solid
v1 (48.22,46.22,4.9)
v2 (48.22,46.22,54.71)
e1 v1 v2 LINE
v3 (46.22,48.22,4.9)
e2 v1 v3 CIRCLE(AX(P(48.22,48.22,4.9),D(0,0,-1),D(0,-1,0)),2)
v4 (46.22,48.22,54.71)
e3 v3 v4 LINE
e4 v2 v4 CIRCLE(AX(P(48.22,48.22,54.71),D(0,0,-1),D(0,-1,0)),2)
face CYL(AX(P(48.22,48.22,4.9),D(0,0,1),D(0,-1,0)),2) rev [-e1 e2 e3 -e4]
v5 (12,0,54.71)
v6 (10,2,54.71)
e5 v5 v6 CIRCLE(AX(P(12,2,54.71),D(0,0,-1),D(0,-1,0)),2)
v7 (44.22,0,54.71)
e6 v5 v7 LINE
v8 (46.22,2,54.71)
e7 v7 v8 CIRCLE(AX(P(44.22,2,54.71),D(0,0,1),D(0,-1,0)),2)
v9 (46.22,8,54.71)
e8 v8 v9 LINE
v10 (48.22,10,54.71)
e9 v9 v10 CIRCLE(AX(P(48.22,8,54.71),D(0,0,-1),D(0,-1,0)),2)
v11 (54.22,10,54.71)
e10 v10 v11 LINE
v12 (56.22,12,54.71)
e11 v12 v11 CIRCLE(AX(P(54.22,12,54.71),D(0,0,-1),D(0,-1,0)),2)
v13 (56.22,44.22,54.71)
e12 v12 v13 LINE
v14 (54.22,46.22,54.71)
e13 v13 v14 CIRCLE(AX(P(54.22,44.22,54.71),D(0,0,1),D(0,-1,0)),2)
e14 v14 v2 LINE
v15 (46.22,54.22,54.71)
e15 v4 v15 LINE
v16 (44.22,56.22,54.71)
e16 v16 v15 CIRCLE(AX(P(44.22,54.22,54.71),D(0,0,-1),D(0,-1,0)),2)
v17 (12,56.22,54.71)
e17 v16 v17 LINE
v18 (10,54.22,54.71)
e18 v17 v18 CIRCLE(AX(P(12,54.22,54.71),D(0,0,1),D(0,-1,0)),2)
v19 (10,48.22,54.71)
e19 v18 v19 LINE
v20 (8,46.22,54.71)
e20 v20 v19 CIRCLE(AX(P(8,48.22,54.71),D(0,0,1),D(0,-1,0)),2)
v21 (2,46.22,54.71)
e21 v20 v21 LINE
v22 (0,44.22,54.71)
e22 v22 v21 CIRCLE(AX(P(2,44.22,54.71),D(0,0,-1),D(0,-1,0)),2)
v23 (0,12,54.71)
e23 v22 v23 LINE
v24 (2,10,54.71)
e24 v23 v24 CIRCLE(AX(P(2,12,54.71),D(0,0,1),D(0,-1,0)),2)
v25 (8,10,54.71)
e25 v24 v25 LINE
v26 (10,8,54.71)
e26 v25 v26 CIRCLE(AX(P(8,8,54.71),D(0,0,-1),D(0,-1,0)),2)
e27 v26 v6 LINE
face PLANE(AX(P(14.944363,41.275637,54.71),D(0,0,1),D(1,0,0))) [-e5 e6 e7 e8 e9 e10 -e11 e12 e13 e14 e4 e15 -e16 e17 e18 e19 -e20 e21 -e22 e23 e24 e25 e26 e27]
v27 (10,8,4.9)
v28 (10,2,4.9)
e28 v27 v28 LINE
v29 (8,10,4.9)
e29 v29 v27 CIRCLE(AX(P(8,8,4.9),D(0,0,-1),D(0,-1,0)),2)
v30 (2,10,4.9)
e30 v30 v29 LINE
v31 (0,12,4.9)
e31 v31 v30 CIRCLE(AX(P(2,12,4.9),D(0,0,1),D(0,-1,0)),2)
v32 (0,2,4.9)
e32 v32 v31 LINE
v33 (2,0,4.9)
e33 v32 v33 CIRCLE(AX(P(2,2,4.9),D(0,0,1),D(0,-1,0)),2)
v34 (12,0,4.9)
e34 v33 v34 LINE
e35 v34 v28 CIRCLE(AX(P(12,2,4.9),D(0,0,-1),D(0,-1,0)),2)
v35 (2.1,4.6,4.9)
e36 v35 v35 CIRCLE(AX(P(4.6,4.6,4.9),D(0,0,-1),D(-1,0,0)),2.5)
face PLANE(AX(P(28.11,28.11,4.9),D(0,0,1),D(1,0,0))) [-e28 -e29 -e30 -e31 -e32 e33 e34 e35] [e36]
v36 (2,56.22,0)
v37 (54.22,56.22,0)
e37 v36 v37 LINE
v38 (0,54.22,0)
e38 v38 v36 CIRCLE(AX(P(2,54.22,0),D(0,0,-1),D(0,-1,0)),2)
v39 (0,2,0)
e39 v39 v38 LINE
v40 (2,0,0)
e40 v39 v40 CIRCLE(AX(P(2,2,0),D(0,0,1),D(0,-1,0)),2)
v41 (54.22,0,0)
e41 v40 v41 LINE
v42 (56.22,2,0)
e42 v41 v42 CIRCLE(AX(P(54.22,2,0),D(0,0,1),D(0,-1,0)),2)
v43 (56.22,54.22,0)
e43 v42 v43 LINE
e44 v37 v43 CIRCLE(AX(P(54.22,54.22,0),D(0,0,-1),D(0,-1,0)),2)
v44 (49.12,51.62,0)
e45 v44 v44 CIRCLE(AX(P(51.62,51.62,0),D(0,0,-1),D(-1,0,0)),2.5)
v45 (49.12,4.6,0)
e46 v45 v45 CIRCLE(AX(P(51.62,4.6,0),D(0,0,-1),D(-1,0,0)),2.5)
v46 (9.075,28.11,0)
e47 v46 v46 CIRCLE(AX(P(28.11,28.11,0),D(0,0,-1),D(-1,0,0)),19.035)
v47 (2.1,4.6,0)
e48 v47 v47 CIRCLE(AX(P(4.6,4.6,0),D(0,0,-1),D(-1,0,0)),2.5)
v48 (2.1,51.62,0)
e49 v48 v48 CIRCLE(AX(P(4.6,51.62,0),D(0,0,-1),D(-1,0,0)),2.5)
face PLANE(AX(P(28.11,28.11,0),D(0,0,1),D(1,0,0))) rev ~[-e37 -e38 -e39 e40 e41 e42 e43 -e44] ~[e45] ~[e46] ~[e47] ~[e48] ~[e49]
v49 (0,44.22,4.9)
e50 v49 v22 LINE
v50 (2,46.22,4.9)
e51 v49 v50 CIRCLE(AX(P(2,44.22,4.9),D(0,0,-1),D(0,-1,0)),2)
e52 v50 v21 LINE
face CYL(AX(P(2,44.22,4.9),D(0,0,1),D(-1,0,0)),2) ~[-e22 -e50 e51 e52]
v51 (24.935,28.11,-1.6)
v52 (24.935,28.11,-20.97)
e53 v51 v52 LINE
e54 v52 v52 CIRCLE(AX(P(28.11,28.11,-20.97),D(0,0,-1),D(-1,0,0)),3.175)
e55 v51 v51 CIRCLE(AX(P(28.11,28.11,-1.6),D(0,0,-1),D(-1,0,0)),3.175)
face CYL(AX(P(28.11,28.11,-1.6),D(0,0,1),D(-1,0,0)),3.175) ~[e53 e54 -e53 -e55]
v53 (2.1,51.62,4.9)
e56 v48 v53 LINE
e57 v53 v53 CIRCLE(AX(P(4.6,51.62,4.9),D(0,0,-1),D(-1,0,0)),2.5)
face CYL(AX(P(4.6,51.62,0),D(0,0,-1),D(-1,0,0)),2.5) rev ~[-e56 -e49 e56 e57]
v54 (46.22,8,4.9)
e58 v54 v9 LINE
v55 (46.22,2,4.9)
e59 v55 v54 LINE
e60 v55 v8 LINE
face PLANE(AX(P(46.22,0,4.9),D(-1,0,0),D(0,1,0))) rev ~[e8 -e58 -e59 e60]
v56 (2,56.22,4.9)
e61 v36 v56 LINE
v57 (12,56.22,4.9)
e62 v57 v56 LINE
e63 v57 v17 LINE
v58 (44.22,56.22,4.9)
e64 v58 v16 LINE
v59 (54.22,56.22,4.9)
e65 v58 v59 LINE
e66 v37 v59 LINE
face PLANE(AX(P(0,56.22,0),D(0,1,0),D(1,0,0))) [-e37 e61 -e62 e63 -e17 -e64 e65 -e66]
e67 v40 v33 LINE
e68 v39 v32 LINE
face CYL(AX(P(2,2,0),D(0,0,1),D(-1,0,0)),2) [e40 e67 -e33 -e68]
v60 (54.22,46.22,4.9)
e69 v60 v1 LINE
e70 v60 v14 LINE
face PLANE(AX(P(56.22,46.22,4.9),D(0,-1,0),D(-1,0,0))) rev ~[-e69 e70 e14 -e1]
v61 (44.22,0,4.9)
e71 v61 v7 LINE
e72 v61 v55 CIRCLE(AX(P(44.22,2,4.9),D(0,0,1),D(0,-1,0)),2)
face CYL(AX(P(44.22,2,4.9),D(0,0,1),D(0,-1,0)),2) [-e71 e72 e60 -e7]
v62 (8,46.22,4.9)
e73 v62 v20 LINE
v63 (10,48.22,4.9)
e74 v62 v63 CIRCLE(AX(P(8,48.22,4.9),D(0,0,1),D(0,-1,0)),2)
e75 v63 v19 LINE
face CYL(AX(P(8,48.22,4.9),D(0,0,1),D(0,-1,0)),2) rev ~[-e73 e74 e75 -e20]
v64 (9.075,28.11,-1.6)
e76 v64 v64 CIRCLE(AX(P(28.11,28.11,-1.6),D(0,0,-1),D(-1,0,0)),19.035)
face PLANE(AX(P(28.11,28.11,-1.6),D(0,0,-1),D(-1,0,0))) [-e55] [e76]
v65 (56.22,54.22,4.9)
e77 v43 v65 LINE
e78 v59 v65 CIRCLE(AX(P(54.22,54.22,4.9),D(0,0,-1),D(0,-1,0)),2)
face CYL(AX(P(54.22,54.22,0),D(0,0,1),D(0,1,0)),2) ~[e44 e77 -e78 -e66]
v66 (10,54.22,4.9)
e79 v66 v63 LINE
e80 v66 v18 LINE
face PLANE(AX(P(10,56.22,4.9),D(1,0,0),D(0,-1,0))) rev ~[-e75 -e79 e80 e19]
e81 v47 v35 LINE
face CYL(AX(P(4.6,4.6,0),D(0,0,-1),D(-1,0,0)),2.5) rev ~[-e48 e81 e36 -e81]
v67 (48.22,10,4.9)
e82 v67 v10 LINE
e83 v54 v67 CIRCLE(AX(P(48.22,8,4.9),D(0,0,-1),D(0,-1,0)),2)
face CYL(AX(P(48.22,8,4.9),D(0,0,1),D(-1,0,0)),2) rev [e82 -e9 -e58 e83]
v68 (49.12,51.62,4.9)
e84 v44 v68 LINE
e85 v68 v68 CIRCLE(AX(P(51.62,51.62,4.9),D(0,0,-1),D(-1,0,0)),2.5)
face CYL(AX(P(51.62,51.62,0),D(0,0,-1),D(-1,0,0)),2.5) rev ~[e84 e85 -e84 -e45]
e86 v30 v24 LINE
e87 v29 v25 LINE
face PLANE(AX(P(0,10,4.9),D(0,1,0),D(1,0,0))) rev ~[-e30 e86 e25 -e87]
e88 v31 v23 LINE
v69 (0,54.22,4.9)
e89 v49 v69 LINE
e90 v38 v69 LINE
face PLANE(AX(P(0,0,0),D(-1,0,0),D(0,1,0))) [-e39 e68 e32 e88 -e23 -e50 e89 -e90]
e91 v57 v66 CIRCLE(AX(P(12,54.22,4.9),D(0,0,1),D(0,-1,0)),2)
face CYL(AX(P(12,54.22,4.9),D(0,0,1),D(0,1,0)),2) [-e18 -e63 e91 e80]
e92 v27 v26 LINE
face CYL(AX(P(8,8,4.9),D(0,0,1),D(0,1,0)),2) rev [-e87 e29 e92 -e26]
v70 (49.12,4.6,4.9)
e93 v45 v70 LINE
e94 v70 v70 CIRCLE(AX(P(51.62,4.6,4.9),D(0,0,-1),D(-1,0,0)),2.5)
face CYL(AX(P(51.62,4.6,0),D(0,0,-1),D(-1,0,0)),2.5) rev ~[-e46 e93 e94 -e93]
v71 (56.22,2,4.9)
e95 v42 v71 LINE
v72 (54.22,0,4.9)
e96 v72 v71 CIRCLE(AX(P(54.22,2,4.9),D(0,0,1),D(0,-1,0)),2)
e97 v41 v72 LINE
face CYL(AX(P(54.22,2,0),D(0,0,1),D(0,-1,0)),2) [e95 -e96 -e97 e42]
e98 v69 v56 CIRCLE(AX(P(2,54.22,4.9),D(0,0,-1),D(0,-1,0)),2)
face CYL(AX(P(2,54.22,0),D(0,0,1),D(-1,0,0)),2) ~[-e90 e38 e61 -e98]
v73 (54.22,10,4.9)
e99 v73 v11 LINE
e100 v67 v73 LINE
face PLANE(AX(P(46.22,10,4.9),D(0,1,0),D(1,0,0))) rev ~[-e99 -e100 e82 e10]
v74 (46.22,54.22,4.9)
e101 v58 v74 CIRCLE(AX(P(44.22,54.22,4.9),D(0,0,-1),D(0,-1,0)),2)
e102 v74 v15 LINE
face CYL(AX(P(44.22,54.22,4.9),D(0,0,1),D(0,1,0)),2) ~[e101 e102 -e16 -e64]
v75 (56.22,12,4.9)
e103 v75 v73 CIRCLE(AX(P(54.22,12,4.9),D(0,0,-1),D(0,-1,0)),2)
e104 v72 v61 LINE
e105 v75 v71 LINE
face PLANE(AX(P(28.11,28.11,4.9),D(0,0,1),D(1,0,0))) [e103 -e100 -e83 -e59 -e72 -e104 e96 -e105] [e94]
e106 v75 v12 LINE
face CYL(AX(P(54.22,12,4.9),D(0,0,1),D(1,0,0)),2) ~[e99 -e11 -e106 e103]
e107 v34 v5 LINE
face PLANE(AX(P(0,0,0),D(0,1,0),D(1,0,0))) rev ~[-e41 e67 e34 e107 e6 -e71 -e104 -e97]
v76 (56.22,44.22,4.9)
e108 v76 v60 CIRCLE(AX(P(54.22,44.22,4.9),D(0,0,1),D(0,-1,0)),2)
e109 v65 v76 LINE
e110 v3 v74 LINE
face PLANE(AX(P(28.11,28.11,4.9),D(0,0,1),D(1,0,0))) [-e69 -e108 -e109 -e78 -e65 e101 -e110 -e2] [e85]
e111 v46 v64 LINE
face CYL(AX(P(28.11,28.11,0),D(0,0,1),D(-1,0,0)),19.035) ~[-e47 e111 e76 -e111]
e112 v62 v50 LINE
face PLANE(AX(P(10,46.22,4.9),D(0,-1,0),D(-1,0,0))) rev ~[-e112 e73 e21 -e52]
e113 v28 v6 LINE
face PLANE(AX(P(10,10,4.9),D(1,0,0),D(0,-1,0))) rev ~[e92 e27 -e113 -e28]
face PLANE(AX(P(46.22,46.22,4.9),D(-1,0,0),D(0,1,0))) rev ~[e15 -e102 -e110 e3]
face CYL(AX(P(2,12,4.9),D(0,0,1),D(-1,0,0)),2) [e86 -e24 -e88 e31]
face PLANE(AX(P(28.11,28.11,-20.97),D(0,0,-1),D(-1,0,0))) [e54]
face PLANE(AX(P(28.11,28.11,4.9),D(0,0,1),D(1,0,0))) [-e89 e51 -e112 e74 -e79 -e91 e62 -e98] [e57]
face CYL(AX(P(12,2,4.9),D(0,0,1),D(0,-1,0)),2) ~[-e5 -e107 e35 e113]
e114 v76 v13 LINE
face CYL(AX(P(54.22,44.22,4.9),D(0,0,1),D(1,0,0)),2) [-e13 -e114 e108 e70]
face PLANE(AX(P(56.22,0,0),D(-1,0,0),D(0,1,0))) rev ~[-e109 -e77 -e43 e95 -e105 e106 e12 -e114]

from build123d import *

# Parameters (mm, degrees)
SKETCH1_W           = 56.22
SKETCH1_H           = 56.22
BOSS_EXTRUDE1_DEPTH = 4.9
SKETCH2_R           = 2.5
CUT_EXTRUDE1_DEPTH  = 5.9
FILLET1_R           = 2
BOSS_EXTRUDE2_DEPTH = 49.81
FILLET2_R           = 2
SKETCH5_R           = 19.035
BOSS_EXTRUDE3_DEPTH = 1.6
SKETCH6_R           = 3.175
BOSS_EXTRUDE4_DEPTH = 19.37


with BuildPart() as part:
    # Sketch1 → Boss-Extrude1 (new body)
    with BuildSketch(Plane.XY):
        with Locations((28.11, 28.11)):
            Rectangle(SKETCH1_W, SKETCH1_H)
    extrude(amount=BOSS_EXTRUDE1_DEPTH)

    # Sketch2 → Cut-Extrude1 (cut, through all)
    with BuildSketch(Plane(origin=(0, 0, 0), x_dir=(-1, 0, 0), z_dir=(0, 0, -1))):
        with Locations((-4.6, 51.62)):
            Circle(SKETCH2_R)
        with Locations((-51.62, 51.62)):
            Circle(SKETCH2_R)
        with Locations((-51.62, 4.6)):
            Circle(SKETCH2_R)
        with Locations((-4.6, 4.6)):
            Circle(SKETCH2_R)
    extrude(amount=-CUT_EXTRUDE1_DEPTH, mode=Mode.SUBTRACT)

    # Fillet1
    fillet1_edges = [part.edges().sort_by_distance(p)[0] for p in [
        (0, 56.22, 2.45),
        (56.22, 56.22, 2.45),
        (56.22, 0, 2.45),
        (0, 0, 2.45),
    ]]
    fillet(fillet1_edges, radius=FILLET1_R)

    # Sketch4 → Boss-Extrude2 (add)
    with BuildSketch(Plane.XY.offset(4.9)):
        Polygon((0, 46.22), (0, 28.11), (28.11, 28.11), (28.11, 56.22), (10, 56.22), (10, 46.22), align=None)
        Polygon((28.11, 56.22), (28.11, 28.11), (56.22, 28.11), (56.22, 46.22), (46.22, 46.22), (46.22, 56.22), align=None)
        Polygon((56.22, 28.11), (28.11, 28.11), (28.11, 0), (46.22, 0), (46.22, 10), (56.22, 10), align=None)
        Polygon((28.11, 28.11), (0, 28.11), (0, 10), (10, 10), (10, 0), (28.11, 0), align=None)
    extrude(amount=BOSS_EXTRUDE2_DEPTH)

    # Fillet2
    fillet2_edges = [part.edges().sort_by_distance(p)[0] for p in [
        (10, 0, 29.805),
        (46.22, 0, 29.805),
        (46.22, 10, 29.805),
        (56.22, 10, 29.805),
        (56.22, 46.22, 29.805),
        (46.22, 46.22, 29.805),
        (46.22, 56.22, 29.805),
        (10, 56.22, 29.805),
        (10, 46.22, 29.805),
        (0, 46.22, 29.805),
        (0, 10, 29.805),
        (10, 10, 29.805),
    ]]
    fillet(fillet2_edges, radius=FILLET2_R)

    # Sketch5 → Boss-Extrude3 (add)
    with BuildSketch(Plane(origin=(0, 0, 0), x_dir=(-1, 0, 0), z_dir=(0, 0, -1))):
        with Locations((-28.11, 28.11)):
            Circle(SKETCH5_R)
    extrude(amount=BOSS_EXTRUDE3_DEPTH)

    # Sketch6 → Boss-Extrude4 (add)
    with BuildSketch(Plane(origin=(0, 0, -1.6), x_dir=(-1, 0, 0), z_dir=(0, 0, -1))):
        with Locations((-28.11, 28.11)):
            Circle(SKETCH6_R)
    extrude(amount=BOSS_EXTRUDE4_DEPTH)


solid = part.part
